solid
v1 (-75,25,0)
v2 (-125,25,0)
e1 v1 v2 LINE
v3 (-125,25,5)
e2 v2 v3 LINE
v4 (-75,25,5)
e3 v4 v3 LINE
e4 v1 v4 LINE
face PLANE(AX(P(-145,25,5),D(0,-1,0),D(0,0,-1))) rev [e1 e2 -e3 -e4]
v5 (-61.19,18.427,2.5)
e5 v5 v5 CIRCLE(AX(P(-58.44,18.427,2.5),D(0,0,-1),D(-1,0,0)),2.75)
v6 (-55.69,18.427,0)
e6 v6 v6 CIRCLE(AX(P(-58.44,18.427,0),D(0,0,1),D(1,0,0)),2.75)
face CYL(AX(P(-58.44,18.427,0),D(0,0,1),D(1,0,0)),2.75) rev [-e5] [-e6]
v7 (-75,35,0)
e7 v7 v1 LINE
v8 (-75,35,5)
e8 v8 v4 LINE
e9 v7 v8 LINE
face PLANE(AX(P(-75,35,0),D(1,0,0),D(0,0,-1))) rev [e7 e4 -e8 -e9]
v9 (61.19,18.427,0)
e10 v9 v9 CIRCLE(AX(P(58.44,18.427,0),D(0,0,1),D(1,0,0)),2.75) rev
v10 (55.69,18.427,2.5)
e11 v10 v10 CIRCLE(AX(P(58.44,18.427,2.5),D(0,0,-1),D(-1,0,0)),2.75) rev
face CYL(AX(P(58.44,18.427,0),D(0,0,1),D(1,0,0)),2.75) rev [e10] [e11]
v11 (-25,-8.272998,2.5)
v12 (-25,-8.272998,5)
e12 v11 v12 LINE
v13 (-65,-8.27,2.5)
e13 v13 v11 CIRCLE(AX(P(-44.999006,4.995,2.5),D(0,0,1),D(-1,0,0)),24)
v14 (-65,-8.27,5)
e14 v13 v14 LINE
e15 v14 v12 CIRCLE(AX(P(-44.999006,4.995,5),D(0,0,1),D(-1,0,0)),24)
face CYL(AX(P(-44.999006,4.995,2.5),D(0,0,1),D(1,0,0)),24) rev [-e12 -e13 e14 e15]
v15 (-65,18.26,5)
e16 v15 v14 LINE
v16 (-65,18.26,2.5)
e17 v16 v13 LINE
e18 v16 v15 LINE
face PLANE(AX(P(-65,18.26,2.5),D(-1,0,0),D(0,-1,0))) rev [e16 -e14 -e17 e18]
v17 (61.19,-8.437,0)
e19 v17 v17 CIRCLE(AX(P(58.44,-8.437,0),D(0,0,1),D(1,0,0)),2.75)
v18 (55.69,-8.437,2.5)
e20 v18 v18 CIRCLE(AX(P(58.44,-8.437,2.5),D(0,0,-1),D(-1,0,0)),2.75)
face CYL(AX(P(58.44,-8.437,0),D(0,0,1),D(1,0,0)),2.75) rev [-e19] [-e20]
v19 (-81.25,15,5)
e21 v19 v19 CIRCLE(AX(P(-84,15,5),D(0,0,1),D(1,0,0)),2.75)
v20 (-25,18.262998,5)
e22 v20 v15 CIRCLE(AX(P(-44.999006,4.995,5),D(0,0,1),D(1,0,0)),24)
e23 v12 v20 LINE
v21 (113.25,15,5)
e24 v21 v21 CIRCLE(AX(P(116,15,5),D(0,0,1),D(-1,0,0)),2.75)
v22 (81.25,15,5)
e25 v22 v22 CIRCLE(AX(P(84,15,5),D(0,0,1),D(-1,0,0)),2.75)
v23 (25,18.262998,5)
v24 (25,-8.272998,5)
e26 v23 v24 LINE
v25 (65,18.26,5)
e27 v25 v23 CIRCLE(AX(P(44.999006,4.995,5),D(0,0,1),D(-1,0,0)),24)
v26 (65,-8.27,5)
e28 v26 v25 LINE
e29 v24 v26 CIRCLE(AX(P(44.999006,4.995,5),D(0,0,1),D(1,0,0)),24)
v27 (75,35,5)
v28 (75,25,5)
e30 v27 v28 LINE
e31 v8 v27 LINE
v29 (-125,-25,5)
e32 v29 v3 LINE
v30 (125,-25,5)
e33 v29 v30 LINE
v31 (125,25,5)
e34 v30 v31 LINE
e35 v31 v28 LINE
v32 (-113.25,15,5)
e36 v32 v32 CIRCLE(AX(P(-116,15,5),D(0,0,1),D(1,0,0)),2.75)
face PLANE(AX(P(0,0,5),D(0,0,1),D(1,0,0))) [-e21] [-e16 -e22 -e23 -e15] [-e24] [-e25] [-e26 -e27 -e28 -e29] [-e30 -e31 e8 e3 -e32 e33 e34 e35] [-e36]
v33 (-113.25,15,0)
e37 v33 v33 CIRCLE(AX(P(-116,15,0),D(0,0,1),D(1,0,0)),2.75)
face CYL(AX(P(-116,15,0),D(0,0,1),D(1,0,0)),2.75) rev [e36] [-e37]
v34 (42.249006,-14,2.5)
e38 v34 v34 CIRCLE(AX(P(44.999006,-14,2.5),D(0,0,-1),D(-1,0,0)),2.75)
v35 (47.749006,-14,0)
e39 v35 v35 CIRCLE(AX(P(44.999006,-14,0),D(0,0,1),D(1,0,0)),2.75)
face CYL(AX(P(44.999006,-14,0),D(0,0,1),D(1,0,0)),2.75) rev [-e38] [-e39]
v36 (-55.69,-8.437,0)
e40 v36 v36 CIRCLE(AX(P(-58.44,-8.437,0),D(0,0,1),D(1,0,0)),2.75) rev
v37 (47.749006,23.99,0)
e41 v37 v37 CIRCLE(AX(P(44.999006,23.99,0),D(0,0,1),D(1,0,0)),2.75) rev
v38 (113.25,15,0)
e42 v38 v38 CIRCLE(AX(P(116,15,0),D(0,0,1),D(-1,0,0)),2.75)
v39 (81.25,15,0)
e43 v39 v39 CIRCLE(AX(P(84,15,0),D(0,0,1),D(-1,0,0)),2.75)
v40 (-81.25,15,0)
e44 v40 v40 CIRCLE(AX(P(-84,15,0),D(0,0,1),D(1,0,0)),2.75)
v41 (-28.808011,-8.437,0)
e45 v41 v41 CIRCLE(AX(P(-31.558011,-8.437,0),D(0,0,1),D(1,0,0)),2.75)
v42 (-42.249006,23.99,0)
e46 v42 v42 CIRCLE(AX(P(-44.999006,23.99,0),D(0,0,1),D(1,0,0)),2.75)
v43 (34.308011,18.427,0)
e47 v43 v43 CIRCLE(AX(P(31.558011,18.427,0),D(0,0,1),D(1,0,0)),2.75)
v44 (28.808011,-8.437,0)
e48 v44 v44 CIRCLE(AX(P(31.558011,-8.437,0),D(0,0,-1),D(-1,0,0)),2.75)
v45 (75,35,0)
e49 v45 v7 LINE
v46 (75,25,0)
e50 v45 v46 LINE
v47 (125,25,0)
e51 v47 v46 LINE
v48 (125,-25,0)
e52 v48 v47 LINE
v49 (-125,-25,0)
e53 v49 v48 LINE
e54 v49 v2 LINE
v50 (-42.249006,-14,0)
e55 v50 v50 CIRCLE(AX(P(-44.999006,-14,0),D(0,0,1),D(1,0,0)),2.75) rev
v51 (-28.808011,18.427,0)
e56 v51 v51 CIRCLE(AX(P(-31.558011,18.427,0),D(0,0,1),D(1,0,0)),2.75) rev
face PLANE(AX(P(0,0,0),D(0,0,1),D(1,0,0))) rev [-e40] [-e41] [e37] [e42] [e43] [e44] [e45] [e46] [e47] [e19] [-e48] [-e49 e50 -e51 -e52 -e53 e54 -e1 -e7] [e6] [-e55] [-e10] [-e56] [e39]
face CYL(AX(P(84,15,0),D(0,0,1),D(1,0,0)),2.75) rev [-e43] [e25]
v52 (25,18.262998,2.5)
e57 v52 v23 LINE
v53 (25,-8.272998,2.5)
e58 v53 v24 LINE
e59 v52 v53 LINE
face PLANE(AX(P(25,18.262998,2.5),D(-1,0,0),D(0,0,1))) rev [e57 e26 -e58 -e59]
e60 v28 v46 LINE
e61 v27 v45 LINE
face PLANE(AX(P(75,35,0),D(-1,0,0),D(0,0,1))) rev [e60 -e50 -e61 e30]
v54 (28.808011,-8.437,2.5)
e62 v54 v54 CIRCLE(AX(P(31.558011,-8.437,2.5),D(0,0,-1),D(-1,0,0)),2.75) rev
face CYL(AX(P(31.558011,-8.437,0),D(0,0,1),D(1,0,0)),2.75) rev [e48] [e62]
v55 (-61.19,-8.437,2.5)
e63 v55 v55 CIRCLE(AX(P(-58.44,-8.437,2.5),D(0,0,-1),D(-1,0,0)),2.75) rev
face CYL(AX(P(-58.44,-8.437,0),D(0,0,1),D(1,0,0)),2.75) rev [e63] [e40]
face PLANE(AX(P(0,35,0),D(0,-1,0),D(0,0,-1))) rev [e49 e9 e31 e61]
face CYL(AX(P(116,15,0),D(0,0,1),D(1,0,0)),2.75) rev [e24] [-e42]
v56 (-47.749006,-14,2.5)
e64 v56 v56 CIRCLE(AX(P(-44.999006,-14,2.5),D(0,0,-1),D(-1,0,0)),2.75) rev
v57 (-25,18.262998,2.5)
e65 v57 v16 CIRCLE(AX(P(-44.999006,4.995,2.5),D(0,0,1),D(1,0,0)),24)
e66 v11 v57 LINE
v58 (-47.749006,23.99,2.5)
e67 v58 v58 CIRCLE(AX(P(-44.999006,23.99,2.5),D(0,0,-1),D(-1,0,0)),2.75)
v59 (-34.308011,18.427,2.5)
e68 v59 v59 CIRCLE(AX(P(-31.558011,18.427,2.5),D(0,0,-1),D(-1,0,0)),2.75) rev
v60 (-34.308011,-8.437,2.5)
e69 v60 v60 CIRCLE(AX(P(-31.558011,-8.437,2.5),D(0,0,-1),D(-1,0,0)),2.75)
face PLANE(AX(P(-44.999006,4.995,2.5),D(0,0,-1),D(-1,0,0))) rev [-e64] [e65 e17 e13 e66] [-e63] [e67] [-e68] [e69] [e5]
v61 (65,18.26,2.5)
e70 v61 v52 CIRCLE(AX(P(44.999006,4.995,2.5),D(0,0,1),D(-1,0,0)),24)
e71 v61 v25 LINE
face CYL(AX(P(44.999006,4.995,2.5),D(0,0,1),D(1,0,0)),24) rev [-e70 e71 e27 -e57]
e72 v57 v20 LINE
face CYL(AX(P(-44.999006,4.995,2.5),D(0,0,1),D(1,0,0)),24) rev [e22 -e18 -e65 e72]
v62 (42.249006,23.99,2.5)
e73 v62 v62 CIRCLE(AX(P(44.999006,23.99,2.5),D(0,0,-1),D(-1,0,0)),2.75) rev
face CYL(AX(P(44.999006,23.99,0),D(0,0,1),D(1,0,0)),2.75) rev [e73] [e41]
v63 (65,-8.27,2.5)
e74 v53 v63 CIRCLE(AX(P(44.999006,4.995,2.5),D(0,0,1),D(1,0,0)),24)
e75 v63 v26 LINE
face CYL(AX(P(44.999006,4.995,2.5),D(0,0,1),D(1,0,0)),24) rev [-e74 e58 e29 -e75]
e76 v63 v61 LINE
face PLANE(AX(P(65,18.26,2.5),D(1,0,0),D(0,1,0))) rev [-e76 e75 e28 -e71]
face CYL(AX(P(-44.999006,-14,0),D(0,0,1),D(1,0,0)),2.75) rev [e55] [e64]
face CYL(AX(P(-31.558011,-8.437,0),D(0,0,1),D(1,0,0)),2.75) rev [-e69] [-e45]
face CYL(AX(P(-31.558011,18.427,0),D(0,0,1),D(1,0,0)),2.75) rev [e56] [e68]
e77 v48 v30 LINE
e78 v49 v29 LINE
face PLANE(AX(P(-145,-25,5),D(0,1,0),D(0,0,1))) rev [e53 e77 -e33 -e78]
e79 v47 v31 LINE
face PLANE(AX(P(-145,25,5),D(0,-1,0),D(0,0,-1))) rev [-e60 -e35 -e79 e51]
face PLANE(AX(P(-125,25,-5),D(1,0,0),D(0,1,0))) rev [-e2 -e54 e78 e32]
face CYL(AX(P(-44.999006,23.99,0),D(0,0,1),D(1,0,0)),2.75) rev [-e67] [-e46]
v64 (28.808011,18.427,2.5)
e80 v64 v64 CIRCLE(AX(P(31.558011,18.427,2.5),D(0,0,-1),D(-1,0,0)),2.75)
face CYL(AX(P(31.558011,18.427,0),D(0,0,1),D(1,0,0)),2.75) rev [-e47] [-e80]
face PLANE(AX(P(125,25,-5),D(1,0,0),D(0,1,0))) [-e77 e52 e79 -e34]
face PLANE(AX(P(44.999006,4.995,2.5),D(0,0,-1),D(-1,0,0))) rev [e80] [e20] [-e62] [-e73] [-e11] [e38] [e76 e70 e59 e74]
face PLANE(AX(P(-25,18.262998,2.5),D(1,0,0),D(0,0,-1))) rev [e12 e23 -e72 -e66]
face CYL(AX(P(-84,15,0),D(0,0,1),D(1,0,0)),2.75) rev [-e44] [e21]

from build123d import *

# Parameters (mm, degrees)
SKETCH_1_W          = 290
SKETCH_1_H          = 50
EXTRUDE_1_DEPTH     = 5
SKETCH_3_W          = 20
SKETCH_3_H          = 50
CUT_EXTRUDE_1_DEPTH = 10
SKETCH_4_W          = 150
SKETCH_4_H          = 5
EXTRUDE_2_DEPTH     = 10
SKETCH_2_R          = 2.75
CUT_EXTRUDE_2_DEPTH = 2.5
SKETCH_2_2_R        = 2.75
CUT_EXTRUDE_3_DEPTH = 130.903810568
SKETCH_5_R          = 2.75
CUT_EXTRUDE_4_DEPTH = 130.903810568


with BuildPart() as part:
    # 스케치1 → 보스-돌출1 (new body)
    with BuildSketch(Plane.XY):
        Rectangle(SKETCH_1_W, SKETCH_1_H)
    extrude(amount=EXTRUDE_1_DEPTH)

    # 스케치3 → 컷-돌출1 (cut)
    with BuildSketch(Plane.XY.offset(5)):
        with Locations((-135, 0)):
            Rectangle(SKETCH_3_W, SKETCH_3_H)
    cut_extrude_1 = extrude(amount=-CUT_EXTRUDE_1_DEPTH, mode=Mode.SUBTRACT)

    # 대칭 복사1: 컷-돌출1 across plane
    add(cut_extrude_1.mirror(Plane(origin=(0, 0, 0), x_dir=(0, 0, 1), z_dir=(1, 0, 0))), mode=Mode.SUBTRACT)

    # 스케치4 → 보스-돌출2 (add)
    with BuildSketch(Plane(origin=(0, 25, 0), x_dir=(1, 0, 0), z_dir=(0, 1, 0))):
        with Locations((0, -2.5)):
            Rectangle(SKETCH_4_W, SKETCH_4_H)
    extrude(amount=EXTRUDE_2_DEPTH)

    # 스케치2 → 컷-돌출2 (cut)
    # profile 1 of 2: a face of its own
    with BuildSketch(Plane.XY.offset(5)):
        with BuildLine():
            Line((65, 18.26), (65, -8.27))
            ThreePointArc((65, -8.27), (45.000804497, -19.004999933), (25, -8.272998079))
            Line((25, -8.272998079), (25, 18.262998079))
            ThreePointArc((25, 18.262998079), (45.000804497, 28.994999933), (65, 18.26))
        make_face()
        with Locations((58.44, -8.437)):
            Circle(SKETCH_2_R, mode=Mode.SUBTRACT)
        with Locations((31.558011299, -8.437)):
            Circle(SKETCH_2_R, mode=Mode.SUBTRACT)
        with Locations((44.99900565, -14)):
            Circle(SKETCH_2_R, mode=Mode.SUBTRACT)
        with Locations((58.44, 18.427)):
            Circle(SKETCH_2_R, mode=Mode.SUBTRACT)
        with Locations((44.99900565, 23.99)):
            Circle(SKETCH_2_R, mode=Mode.SUBTRACT)
        with Locations((31.558011299, 18.427)):
            Circle(SKETCH_2_R, mode=Mode.SUBTRACT)
    # profile 2 of 2: a face of its own
    with BuildSketch(Plane.XY.offset(5)):
        with BuildLine():
            Line((-25, 18.262998079), (-25, -8.272998079))
            ThreePointArc((-25, -8.272998079), (-45.000804497, -19.004999933), (-65, -8.27))
            Line((-65, -8.27), (-65, 18.26))
            ThreePointArc((-65, 18.26), (-45.000804497, 28.994999933), (-25, 18.262998079))
        make_face()
        with Locations((-31.558011299, 18.427)):
            Circle(SKETCH_2_R, mode=Mode.SUBTRACT)
        with Locations((-44.99900565, 23.99)):
            Circle(SKETCH_2_R, mode=Mode.SUBTRACT)
        with Locations((-58.44, 18.427)):
            Circle(SKETCH_2_R, mode=Mode.SUBTRACT)
        with Locations((-44.99900565, -14)):
            Circle(SKETCH_2_R, mode=Mode.SUBTRACT)
        with Locations((-31.558011299, -8.437)):
            Circle(SKETCH_2_R, mode=Mode.SUBTRACT)
        with Locations((-58.44, -8.437)):
            Circle(SKETCH_2_R, mode=Mode.SUBTRACT)
    extrude(amount=-CUT_EXTRUDE_2_DEPTH, mode=Mode.SUBTRACT)

    # 스케치2<2> → 컷-돌출3 (cut, through all)
    with BuildSketch(Plane.XY.offset(5)):
        with Locations((58.44, -8.437)):
            Circle(SKETCH_2_2_R)
        with Locations((31.558011299, -8.437)):
            Circle(SKETCH_2_2_R)
        with Locations((44.99900565, -14)):
            Circle(SKETCH_2_2_R)
        with Locations((58.44, 18.427)):
            Circle(SKETCH_2_2_R)
        with Locations((44.99900565, 23.99)):
            Circle(SKETCH_2_2_R)
        with Locations((31.558011299, 18.427)):
            Circle(SKETCH_2_2_R)
        with Locations((-31.558011299, 18.427)):
            Circle(SKETCH_2_2_R)
        with Locations((-44.99900565, 23.99)):
            Circle(SKETCH_2_2_R)
        with Locations((-58.44, 18.427)):
            Circle(SKETCH_2_2_R)
        with Locations((-44.99900565, -14)):
            Circle(SKETCH_2_2_R)
        with Locations((-31.558011299, -8.437)):
            Circle(SKETCH_2_2_R)
        with Locations((-58.44, -8.437)):
            Circle(SKETCH_2_2_R)
    extrude(amount=-CUT_EXTRUDE_3_DEPTH, mode=Mode.SUBTRACT)

    # 스케치5 → 컷-돌출4 (cut, through all)
    with BuildSketch(Plane.XY.offset(5)):
        with Locations((-84, 15)):
            Circle(SKETCH_5_R)
        with Locations((-116, 15)):
            Circle(SKETCH_5_R)
        with Locations((116, 15)):
            Circle(SKETCH_5_R)
        with Locations((84, 15)):
            Circle(SKETCH_5_R)
    extrude(amount=-CUT_EXTRUDE_4_DEPTH, mode=Mode.SUBTRACT)


solid = part.part
